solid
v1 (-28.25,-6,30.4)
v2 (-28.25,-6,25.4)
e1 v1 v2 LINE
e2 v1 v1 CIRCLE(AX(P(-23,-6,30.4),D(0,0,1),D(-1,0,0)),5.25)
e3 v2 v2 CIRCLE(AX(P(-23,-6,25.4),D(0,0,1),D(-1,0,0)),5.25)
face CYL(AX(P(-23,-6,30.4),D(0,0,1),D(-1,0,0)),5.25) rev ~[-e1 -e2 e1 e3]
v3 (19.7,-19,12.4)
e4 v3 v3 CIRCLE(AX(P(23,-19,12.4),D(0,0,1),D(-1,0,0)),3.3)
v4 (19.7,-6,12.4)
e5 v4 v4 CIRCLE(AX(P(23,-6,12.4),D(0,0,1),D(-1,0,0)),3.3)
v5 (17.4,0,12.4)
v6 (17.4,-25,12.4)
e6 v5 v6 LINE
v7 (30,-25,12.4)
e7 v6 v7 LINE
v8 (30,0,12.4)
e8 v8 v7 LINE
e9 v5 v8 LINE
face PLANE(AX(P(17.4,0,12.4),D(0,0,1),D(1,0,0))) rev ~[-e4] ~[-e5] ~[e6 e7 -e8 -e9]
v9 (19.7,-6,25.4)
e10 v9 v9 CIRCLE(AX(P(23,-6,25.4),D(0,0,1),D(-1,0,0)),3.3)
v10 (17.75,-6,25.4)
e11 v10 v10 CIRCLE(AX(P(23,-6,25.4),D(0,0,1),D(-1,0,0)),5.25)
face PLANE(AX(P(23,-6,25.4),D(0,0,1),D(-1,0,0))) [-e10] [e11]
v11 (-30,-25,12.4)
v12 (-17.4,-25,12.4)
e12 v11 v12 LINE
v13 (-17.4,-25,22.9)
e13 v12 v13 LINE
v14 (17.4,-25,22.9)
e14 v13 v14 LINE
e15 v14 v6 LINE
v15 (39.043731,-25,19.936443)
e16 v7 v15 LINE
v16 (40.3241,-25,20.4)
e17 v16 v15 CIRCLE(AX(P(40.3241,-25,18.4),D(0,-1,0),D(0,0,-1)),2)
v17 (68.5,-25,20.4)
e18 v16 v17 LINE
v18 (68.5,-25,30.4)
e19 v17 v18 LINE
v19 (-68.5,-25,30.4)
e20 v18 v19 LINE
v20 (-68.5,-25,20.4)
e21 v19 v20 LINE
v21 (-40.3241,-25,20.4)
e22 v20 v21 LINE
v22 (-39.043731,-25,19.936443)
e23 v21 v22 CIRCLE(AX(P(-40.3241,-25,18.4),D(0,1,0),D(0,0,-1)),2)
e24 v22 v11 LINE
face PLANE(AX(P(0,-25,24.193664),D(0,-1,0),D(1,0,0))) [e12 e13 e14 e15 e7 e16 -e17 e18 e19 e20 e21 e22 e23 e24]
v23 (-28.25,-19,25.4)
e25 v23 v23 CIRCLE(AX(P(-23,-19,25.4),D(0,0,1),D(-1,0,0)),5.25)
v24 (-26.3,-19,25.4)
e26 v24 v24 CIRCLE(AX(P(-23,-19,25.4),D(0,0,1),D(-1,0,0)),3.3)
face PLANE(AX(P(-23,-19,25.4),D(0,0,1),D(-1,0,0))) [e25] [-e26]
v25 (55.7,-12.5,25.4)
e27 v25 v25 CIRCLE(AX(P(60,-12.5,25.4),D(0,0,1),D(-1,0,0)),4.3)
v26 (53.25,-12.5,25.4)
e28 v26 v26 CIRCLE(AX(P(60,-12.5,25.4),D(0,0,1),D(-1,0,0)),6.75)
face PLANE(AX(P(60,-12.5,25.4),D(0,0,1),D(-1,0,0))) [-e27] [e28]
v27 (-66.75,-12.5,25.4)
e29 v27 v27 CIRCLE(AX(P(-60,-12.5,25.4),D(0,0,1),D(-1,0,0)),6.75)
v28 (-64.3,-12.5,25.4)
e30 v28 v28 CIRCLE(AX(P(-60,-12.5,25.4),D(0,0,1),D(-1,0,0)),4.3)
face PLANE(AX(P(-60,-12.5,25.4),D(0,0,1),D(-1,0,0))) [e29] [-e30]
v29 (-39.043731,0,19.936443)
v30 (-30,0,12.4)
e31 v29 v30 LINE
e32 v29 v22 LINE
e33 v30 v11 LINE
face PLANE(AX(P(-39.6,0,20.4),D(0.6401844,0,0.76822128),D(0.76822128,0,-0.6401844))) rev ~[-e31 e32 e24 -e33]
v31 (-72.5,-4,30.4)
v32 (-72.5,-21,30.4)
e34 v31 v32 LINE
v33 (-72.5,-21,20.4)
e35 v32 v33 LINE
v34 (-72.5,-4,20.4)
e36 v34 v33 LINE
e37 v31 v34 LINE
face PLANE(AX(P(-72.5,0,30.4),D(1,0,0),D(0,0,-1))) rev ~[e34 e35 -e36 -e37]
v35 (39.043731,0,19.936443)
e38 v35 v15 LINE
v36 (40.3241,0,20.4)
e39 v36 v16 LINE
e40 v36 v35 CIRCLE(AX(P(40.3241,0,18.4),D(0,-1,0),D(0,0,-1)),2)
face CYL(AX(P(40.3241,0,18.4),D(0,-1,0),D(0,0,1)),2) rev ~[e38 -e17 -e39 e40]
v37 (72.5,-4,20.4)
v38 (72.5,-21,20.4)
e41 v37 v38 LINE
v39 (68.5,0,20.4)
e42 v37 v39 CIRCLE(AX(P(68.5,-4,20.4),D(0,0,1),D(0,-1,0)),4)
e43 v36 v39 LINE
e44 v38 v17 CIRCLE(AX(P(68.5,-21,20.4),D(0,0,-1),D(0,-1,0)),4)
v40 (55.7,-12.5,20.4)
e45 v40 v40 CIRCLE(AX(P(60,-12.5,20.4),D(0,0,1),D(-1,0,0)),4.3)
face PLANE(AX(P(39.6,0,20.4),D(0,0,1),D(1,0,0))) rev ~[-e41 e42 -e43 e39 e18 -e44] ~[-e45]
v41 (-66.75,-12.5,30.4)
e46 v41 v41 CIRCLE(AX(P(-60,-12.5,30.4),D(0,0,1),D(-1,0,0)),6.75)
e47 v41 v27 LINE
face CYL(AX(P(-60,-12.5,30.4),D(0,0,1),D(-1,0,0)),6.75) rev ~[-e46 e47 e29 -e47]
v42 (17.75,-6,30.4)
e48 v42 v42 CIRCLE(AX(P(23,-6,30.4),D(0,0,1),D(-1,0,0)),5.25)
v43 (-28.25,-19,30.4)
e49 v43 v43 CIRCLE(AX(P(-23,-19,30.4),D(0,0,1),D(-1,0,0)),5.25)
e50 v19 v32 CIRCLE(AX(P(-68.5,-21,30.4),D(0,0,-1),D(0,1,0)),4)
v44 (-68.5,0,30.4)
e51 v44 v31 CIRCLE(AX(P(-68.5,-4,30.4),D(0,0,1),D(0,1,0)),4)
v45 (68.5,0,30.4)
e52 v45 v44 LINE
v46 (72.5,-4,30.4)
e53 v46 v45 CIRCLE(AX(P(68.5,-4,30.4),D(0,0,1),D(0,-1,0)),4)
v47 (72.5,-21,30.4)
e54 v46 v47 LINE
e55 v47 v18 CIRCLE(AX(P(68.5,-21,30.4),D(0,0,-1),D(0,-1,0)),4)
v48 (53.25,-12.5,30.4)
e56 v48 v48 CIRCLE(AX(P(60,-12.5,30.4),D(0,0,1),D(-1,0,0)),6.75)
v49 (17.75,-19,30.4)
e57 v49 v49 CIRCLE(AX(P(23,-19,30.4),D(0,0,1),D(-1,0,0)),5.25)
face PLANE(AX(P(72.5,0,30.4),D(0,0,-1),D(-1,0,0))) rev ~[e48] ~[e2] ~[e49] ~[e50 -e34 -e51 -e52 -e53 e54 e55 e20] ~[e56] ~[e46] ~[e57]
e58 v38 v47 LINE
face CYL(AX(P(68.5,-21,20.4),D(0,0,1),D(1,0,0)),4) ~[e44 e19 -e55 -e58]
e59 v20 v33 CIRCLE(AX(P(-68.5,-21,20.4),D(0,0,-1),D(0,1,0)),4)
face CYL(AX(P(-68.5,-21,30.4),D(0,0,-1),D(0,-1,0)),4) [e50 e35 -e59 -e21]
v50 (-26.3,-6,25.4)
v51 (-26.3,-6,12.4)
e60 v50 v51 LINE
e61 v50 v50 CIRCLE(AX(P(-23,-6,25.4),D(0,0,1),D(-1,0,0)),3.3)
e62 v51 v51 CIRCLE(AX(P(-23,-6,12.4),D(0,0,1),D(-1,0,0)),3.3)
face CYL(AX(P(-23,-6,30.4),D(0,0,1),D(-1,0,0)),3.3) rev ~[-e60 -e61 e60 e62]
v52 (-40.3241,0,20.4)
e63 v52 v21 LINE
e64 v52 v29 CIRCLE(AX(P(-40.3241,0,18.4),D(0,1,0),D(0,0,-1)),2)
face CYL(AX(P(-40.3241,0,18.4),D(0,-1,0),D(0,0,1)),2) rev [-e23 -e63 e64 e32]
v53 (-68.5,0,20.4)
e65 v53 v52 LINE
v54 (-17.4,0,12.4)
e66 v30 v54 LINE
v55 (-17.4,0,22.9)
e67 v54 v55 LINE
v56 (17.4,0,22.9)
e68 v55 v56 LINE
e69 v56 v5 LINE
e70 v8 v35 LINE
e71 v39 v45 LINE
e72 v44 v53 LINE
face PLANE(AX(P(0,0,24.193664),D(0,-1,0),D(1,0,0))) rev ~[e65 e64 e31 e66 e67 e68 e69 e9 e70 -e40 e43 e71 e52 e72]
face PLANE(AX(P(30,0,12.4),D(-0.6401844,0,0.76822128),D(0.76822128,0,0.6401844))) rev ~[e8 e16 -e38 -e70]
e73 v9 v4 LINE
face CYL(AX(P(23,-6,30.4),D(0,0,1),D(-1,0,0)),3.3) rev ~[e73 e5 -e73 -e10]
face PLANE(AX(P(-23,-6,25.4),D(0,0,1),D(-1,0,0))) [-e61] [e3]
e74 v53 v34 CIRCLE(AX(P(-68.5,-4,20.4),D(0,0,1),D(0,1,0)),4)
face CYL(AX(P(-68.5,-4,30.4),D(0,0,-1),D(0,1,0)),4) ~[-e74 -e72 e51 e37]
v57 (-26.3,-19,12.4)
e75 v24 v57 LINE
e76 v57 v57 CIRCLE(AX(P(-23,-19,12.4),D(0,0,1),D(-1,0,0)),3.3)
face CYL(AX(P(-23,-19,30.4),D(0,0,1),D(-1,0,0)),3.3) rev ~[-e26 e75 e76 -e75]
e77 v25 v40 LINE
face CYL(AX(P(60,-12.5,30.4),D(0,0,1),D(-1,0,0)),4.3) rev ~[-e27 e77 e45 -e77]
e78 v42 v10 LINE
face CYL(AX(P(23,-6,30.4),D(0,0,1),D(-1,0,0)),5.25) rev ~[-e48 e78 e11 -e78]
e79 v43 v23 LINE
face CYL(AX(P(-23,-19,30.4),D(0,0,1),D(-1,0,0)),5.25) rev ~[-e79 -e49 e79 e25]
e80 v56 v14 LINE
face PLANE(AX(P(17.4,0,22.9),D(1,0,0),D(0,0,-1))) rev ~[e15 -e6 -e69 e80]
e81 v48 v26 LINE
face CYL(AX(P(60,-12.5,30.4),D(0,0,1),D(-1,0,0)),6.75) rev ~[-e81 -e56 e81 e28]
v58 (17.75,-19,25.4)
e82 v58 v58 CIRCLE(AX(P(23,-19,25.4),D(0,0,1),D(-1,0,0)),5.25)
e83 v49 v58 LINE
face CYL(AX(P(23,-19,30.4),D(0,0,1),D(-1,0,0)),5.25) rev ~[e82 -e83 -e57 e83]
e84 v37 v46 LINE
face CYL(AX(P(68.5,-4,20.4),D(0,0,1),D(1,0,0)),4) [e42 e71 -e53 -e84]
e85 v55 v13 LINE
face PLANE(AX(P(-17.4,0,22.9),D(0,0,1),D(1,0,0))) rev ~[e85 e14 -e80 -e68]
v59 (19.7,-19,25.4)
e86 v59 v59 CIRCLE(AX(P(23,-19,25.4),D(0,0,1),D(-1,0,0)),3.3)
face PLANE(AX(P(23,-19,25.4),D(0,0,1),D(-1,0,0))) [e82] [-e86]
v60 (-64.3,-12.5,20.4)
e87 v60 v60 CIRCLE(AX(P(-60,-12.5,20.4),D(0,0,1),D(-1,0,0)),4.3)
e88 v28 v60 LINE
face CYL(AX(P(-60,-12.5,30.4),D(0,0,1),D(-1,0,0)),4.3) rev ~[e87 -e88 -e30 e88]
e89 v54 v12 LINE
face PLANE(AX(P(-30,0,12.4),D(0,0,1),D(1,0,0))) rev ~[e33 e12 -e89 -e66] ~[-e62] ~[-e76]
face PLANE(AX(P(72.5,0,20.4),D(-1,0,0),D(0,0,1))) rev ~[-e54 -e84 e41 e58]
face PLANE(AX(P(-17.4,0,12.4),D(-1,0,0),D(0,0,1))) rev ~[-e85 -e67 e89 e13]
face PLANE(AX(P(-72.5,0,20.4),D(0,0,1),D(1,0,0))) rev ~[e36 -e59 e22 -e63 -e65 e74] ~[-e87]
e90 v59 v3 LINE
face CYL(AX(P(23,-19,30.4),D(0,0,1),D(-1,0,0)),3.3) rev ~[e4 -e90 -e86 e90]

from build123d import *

# Parameters (mm, degrees)
PAD_DEPTH       = 25
SKETCH001_R     = 4.3
POCKET_DEPTH    = 18.001
SKETCH002_R     = 3.3
POCKET001_DEPTH = 18.001
FILLET_R        = 4
FILLET001_R     = 2
SKETCH003_R     = 6.75
POCKET002_DEPTH = 5
SKETCH005_R     = 5.25
POCKET004_DEPTH = 5


with BuildPart() as part:
    # Sketch → Pad (new body)
    with BuildSketch(Plane.XZ):
        Polygon((72.5, 30.4), (-72.5, 30.4), (-72.5, 20.4), (-39.6, 20.4), (-30, 12.4), (-17.4, 12.4), (-17.4, 22.9), (17.4, 22.9), (17.4, 12.4), (30, 12.4), (39.6, 20.4), (72.5, 20.4), align=None)
    extrude(amount=PAD_DEPTH)

    # Sketch001 (on Face10 of Pad) → Pocket (cut, through all)
    with BuildSketch(Plane(origin=(0, 0, 30.4), x_dir=(-1, 0, 0), z_dir=(0, 0, 1))):
        with Locations((-60, 12.5)):
            Circle(SKETCH001_R)
        with Locations((60, 12.5)):
            Circle(SKETCH001_R)
    extrude(amount=-POCKET_DEPTH, mode=Mode.SUBTRACT)

    # Sketch002 (on Face15 of Pocket) → Pocket001 (cut, through all)
    with BuildSketch(Plane(origin=(0, 0, 30.4), x_dir=(-1, 0, 0), z_dir=(0, 0, 1))):
        with Locations((-23, 6)):
            Circle(SKETCH002_R)
        with Locations((-23, 19)):
            Circle(SKETCH002_R)
        with Locations((23, 19)):
            Circle(SKETCH002_R)
        with Locations((23, 6)):
            Circle(SKETCH002_R)
    extrude(amount=-POCKET001_DEPTH, mode=Mode.SUBTRACT)

    # Fillet
    fillet_edges = [part.edges().sort_by_distance(p)[0] for p in [
        (-72.5, -25, 25.4),
        (-72.5, 0, 25.4),
        (72.5, -25, 25.4),
        (72.5, 0, 25.4),
    ]]
    fillet(fillet_edges, radius=FILLET_R)

    # Fillet001
    fillet001_edges = [part.edges().sort_by_distance(p)[0] for p in [
        (39.6, -12.5, 20.4),
        (-39.6, -12.5, 20.4),
    ]]
    fillet(fillet001_edges, radius=FILLET001_R)

    # Sketch003 (on Face13 of Fillet001) → Pocket002 (cut)
    with BuildSketch(Plane(origin=(0, 0, 30.4), x_dir=(-1, 0, 0), z_dir=(0, 0, 1))):
        with Locations((-60, 12.5)):
            Circle(SKETCH003_R)
        with Locations((60, 12.5)):
            Circle(SKETCH003_R)
    extrude(amount=-POCKET002_DEPTH, mode=Mode.SUBTRACT)

    # Sketch005 (on Face13 of Pocket002) → Pocket004 (cut)
    with BuildSketch(Plane(origin=(0, 0, 30.4), x_dir=(-1, 0, 0), z_dir=(0, 0, 1))):
        with Locations((-23, 19)):
            Circle(SKETCH005_R)
        with Locations((-23, 6)):
            Circle(SKETCH005_R)
        with Locations((23, 6)):
            Circle(SKETCH005_R)
        with Locations((23, 19)):
            Circle(SKETCH005_R)
    extrude(amount=-POCKET004_DEPTH, mode=Mode.SUBTRACT)


solid = part.part
